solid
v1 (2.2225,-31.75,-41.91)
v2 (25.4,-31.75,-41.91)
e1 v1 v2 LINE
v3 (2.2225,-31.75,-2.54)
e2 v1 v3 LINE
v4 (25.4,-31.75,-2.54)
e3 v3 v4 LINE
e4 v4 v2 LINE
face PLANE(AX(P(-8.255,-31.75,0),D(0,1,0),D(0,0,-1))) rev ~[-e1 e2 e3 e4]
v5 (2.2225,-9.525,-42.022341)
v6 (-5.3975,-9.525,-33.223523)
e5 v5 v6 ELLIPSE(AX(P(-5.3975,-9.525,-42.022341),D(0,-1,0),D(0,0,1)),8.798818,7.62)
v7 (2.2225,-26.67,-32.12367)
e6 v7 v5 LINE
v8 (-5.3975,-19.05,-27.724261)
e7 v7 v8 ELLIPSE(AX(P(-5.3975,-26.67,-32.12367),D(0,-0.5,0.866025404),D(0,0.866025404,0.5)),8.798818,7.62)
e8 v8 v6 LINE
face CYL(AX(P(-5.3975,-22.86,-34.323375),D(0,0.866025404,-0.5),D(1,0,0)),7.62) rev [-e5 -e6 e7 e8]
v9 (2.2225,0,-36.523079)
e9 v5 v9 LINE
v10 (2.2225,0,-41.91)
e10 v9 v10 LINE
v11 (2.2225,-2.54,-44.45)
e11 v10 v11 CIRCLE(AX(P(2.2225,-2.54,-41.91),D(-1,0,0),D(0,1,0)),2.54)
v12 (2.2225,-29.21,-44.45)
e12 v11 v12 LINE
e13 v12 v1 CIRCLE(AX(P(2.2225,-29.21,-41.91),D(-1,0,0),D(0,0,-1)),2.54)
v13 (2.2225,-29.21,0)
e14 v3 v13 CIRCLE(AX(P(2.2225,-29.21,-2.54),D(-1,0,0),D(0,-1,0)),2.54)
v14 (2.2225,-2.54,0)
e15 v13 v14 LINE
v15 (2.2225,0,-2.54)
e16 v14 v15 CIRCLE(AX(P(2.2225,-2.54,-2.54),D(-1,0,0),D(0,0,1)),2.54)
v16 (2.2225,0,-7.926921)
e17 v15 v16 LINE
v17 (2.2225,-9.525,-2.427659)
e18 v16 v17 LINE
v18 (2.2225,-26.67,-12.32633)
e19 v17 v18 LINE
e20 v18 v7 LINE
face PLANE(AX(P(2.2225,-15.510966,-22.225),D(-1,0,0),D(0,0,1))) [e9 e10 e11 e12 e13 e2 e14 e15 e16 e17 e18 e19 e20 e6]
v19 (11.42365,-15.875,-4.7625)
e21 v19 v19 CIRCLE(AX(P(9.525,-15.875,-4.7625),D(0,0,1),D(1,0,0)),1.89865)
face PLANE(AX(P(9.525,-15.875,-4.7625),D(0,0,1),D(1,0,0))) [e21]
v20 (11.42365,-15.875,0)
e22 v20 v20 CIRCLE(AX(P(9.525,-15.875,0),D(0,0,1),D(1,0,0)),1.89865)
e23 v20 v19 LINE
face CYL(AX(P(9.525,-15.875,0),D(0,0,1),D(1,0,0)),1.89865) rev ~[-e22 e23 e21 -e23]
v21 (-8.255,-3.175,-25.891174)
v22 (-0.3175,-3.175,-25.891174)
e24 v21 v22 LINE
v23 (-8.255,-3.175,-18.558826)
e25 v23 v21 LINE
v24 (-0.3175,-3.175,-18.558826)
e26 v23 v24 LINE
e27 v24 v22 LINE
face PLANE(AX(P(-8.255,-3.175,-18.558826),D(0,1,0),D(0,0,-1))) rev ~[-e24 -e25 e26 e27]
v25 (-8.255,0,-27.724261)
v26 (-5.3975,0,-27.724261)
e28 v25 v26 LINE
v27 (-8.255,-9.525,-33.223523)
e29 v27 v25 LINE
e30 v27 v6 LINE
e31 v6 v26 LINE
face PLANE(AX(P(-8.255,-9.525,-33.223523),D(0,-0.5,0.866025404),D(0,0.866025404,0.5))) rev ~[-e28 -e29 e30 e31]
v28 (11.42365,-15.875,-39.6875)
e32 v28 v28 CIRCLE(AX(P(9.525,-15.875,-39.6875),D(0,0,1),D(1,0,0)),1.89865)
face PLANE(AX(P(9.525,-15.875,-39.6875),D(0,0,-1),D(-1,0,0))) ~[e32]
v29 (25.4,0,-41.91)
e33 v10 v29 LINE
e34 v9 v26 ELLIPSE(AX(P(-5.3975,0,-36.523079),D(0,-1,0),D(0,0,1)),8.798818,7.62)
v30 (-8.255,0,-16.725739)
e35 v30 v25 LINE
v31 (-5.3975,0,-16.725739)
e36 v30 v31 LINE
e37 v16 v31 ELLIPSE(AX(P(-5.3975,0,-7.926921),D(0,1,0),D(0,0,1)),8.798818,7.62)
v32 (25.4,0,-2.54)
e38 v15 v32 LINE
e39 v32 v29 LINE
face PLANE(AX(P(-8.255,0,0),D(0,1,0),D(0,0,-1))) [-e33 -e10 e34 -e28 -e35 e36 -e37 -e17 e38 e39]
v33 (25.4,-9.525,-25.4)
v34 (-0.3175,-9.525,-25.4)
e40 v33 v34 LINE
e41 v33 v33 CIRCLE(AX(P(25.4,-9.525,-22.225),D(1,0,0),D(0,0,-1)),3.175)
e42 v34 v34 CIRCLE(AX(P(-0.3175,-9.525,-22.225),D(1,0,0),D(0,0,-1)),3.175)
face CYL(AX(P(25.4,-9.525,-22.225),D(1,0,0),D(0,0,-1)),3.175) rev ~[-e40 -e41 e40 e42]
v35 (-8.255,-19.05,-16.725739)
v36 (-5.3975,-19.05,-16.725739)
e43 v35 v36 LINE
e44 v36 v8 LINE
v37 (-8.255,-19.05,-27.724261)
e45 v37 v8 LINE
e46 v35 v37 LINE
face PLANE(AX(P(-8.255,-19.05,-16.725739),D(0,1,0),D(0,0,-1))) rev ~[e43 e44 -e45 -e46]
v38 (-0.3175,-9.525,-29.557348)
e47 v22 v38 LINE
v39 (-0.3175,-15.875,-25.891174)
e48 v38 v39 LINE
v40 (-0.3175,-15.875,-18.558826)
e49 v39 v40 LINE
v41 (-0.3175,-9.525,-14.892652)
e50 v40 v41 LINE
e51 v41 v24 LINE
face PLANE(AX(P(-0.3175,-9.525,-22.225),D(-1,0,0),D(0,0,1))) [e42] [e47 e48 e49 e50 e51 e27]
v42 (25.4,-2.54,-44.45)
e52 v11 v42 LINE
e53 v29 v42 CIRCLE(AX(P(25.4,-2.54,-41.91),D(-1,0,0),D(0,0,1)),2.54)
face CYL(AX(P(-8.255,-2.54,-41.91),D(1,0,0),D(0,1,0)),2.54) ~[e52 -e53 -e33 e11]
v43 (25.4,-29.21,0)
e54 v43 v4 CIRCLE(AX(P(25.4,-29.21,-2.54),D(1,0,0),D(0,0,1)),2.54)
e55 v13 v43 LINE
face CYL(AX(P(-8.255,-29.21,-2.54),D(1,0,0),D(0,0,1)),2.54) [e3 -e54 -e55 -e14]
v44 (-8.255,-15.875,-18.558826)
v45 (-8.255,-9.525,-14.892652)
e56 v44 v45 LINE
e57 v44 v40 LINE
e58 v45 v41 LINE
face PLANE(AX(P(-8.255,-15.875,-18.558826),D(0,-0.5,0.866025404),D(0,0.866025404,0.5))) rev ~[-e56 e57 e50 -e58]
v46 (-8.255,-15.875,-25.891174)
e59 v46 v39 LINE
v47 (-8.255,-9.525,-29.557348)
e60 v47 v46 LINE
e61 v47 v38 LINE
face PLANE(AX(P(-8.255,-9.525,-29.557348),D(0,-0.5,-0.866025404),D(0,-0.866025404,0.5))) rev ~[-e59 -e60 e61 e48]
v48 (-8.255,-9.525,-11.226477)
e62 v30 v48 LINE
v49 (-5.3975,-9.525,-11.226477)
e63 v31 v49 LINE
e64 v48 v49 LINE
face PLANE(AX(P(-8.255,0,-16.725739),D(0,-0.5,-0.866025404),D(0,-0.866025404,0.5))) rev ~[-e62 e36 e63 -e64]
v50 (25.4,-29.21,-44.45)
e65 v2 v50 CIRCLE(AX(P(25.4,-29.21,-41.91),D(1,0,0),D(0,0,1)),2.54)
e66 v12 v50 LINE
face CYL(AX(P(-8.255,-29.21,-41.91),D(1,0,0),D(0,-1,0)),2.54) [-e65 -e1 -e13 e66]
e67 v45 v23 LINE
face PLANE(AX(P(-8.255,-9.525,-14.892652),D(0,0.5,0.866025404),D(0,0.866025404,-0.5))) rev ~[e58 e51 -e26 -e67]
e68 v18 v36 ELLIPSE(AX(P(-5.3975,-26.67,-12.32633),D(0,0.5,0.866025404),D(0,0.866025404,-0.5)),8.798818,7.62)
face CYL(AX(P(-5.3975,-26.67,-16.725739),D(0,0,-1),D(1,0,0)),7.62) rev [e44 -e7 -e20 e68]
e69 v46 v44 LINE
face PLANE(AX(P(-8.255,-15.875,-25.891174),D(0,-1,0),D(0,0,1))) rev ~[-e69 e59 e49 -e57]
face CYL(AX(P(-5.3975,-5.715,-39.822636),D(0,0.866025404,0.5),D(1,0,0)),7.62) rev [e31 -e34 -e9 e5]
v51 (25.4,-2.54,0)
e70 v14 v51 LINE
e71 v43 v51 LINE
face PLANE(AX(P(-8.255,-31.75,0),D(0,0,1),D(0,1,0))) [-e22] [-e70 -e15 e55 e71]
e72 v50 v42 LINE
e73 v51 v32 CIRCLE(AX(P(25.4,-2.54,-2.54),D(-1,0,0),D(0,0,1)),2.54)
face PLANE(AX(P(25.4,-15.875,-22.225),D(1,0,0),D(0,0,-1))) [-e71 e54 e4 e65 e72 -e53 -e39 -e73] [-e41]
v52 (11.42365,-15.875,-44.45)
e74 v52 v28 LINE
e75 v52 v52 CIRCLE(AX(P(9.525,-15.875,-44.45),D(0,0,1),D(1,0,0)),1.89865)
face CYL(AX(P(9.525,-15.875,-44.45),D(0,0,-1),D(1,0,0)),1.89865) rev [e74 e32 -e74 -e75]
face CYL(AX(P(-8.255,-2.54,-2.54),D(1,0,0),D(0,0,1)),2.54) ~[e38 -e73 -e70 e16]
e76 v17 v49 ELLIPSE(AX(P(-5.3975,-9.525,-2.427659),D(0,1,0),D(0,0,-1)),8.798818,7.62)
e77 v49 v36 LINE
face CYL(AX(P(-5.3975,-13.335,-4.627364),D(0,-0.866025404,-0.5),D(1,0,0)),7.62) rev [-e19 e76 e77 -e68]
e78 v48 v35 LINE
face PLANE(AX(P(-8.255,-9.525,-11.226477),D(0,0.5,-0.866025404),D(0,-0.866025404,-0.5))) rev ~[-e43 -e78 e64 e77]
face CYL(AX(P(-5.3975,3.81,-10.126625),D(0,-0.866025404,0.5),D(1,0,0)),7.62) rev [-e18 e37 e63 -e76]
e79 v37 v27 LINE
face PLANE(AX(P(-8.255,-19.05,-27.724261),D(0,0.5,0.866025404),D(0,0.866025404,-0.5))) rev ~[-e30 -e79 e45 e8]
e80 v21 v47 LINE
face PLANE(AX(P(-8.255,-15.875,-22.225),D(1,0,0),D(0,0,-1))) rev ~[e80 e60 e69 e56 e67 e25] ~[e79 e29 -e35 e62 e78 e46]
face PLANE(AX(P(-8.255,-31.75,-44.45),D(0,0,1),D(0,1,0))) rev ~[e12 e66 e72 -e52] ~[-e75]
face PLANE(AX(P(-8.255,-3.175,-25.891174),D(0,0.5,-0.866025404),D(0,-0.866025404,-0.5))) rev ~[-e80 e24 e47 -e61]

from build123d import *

# Parameters (mm, degrees)
BOSS_EXTRUDE1_DEPTH      = 25.4
BOSS_EXTRUDE1_DEPTH_BACK = 8.255
SKETCH1_W                = 44.45
SKETCH1_H                = 31.75
CUT_EXTRUDE1_DEPTH       = 7.9375
SKETCH3_R                = 3.175
CUT_EXTRUDE2_DEPTH       = 65.160143586
SKETCH4_R                = 1.89865
CUT_EXTRUDE4_DEPTH       = 4.7625
FILLET1_R                = 2.54
CUT_EXTRUDE5_DEPTH       = 10.4775
FILLET2_R                = 7.62


with BuildPart() as part:
    # Sketch1 → Boss-Extrude1 (new, two sides: drawn at the far end of the back side and taken through both)
    with BuildSketch(Plane(origin=(0, 0, 0), x_dir=(0, 0, -1), z_dir=(1, 0, 0)).offset(-BOSS_EXTRUDE1_DEPTH_BACK)):
        with Locations((22.225, -15.875)):
            Rectangle(SKETCH1_W, SKETCH1_H)
    extrude(amount=BOSS_EXTRUDE1_DEPTH + BOSS_EXTRUDE1_DEPTH_BACK)

    # Sketch2 → Cut-Extrude1 (cut)
    with BuildSketch(Plane.ZY.offset(8.255)):
        Polygon((-18.558825791, -15.875), (-14.892651581, -9.525), (-18.558825791, -3.175), (-25.891174209, -3.175), (-29.557348419, -9.525), (-25.891174209, -15.875), align=None)
    extrude(amount=-CUT_EXTRUDE1_DEPTH, mode=Mode.SUBTRACT)

    # Sketch3 → Cut-Extrude2 (cut, through all)
    with BuildSketch(Plane(origin=(25.4, 0, 0), x_dir=(0, 0, -1), z_dir=(1, 0, 0))):
        with Locations((22.225, -9.525)):
            Circle(SKETCH3_R)
    extrude(amount=-CUT_EXTRUDE2_DEPTH, mode=Mode.SUBTRACT)

    # Sketch4 → Cut-Extrude4 (cut)
    with BuildSketch(Plane.XY):
        with Locations((9.525, -15.875)):
            Circle(SKETCH4_R)
    cut_extrude4 = extrude(amount=-CUT_EXTRUDE4_DEPTH, mode=Mode.SUBTRACT)

    # Mirror3: Cut-Extrude4 across plane
    add(cut_extrude4.mirror(Plane.XY.offset(-22.225)), mode=Mode.SUBTRACT)

    # Fillet1
    fillet1_edges = [part.edges().sort_by_distance(p)[0] for p in [
        (8.5725, 0, 0),
        (8.5725, 0, -44.45),
        (8.5725, -31.75, -44.45),
        (8.5725, -31.75, 0),
    ]]
    fillet(fillet1_edges, radius=FILLET1_R)

    # Sketch5 → Cut-Extrude5 (cut)
    with BuildSketch(Plane.ZY.offset(8.255)):
        with BuildLine():
            Line((-44.45, -2.54), (-44.45, -29.21))
            ThreePointArc((-44.45, -29.21), (-43.706051224, -31.006051224), (-41.91, -31.75))
            Line((-41.91, -31.75), (-2.54, -31.75))
            ThreePointArc((-2.54, -31.75), (-0.743948776, -31.006051224), (0, -29.21))
            Line((0, -29.21), (0, -2.54))
            ThreePointArc((0, -2.54), (-0.743948776, -0.743948776), (-2.54, 0))
            Line((-2.54, 0), (-16.725738686, 0))
            Line((-16.725738686, 0), (-11.226477372, -9.525))
            Line((-11.226477372, -9.525), (-16.725738686, -19.05))
            Line((-16.725738686, -19.05), (-27.724261314, -19.05))
            Line((-27.724261314, -19.05), (-33.223522628, -9.525))
            Line((-33.223522628, -9.525), (-27.724261314, 0))
            Line((-27.724261314, 0), (-41.91, 0))
            ThreePointArc((-41.91, 0), (-43.706051224, -0.743948776), (-44.45, -2.54))
        make_face()
    extrude(amount=-CUT_EXTRUDE5_DEPTH, mode=Mode.SUBTRACT)

    # Fillet2
    fillet2_edges = [part.edges().sort_by_distance(p)[0] for p in [
        (2.2225, -4.7625, -30.473891971),
        (2.2225, -14.2875, -30.473891971),
        (2.2225, -19.05, -22.225),
        (2.2225, -14.2875, -13.976108029),
        (2.2225, -4.7625, -13.976108029),
    ]]
    fillet(fillet2_edges, radius=FILLET2_R)


solid = part.part
